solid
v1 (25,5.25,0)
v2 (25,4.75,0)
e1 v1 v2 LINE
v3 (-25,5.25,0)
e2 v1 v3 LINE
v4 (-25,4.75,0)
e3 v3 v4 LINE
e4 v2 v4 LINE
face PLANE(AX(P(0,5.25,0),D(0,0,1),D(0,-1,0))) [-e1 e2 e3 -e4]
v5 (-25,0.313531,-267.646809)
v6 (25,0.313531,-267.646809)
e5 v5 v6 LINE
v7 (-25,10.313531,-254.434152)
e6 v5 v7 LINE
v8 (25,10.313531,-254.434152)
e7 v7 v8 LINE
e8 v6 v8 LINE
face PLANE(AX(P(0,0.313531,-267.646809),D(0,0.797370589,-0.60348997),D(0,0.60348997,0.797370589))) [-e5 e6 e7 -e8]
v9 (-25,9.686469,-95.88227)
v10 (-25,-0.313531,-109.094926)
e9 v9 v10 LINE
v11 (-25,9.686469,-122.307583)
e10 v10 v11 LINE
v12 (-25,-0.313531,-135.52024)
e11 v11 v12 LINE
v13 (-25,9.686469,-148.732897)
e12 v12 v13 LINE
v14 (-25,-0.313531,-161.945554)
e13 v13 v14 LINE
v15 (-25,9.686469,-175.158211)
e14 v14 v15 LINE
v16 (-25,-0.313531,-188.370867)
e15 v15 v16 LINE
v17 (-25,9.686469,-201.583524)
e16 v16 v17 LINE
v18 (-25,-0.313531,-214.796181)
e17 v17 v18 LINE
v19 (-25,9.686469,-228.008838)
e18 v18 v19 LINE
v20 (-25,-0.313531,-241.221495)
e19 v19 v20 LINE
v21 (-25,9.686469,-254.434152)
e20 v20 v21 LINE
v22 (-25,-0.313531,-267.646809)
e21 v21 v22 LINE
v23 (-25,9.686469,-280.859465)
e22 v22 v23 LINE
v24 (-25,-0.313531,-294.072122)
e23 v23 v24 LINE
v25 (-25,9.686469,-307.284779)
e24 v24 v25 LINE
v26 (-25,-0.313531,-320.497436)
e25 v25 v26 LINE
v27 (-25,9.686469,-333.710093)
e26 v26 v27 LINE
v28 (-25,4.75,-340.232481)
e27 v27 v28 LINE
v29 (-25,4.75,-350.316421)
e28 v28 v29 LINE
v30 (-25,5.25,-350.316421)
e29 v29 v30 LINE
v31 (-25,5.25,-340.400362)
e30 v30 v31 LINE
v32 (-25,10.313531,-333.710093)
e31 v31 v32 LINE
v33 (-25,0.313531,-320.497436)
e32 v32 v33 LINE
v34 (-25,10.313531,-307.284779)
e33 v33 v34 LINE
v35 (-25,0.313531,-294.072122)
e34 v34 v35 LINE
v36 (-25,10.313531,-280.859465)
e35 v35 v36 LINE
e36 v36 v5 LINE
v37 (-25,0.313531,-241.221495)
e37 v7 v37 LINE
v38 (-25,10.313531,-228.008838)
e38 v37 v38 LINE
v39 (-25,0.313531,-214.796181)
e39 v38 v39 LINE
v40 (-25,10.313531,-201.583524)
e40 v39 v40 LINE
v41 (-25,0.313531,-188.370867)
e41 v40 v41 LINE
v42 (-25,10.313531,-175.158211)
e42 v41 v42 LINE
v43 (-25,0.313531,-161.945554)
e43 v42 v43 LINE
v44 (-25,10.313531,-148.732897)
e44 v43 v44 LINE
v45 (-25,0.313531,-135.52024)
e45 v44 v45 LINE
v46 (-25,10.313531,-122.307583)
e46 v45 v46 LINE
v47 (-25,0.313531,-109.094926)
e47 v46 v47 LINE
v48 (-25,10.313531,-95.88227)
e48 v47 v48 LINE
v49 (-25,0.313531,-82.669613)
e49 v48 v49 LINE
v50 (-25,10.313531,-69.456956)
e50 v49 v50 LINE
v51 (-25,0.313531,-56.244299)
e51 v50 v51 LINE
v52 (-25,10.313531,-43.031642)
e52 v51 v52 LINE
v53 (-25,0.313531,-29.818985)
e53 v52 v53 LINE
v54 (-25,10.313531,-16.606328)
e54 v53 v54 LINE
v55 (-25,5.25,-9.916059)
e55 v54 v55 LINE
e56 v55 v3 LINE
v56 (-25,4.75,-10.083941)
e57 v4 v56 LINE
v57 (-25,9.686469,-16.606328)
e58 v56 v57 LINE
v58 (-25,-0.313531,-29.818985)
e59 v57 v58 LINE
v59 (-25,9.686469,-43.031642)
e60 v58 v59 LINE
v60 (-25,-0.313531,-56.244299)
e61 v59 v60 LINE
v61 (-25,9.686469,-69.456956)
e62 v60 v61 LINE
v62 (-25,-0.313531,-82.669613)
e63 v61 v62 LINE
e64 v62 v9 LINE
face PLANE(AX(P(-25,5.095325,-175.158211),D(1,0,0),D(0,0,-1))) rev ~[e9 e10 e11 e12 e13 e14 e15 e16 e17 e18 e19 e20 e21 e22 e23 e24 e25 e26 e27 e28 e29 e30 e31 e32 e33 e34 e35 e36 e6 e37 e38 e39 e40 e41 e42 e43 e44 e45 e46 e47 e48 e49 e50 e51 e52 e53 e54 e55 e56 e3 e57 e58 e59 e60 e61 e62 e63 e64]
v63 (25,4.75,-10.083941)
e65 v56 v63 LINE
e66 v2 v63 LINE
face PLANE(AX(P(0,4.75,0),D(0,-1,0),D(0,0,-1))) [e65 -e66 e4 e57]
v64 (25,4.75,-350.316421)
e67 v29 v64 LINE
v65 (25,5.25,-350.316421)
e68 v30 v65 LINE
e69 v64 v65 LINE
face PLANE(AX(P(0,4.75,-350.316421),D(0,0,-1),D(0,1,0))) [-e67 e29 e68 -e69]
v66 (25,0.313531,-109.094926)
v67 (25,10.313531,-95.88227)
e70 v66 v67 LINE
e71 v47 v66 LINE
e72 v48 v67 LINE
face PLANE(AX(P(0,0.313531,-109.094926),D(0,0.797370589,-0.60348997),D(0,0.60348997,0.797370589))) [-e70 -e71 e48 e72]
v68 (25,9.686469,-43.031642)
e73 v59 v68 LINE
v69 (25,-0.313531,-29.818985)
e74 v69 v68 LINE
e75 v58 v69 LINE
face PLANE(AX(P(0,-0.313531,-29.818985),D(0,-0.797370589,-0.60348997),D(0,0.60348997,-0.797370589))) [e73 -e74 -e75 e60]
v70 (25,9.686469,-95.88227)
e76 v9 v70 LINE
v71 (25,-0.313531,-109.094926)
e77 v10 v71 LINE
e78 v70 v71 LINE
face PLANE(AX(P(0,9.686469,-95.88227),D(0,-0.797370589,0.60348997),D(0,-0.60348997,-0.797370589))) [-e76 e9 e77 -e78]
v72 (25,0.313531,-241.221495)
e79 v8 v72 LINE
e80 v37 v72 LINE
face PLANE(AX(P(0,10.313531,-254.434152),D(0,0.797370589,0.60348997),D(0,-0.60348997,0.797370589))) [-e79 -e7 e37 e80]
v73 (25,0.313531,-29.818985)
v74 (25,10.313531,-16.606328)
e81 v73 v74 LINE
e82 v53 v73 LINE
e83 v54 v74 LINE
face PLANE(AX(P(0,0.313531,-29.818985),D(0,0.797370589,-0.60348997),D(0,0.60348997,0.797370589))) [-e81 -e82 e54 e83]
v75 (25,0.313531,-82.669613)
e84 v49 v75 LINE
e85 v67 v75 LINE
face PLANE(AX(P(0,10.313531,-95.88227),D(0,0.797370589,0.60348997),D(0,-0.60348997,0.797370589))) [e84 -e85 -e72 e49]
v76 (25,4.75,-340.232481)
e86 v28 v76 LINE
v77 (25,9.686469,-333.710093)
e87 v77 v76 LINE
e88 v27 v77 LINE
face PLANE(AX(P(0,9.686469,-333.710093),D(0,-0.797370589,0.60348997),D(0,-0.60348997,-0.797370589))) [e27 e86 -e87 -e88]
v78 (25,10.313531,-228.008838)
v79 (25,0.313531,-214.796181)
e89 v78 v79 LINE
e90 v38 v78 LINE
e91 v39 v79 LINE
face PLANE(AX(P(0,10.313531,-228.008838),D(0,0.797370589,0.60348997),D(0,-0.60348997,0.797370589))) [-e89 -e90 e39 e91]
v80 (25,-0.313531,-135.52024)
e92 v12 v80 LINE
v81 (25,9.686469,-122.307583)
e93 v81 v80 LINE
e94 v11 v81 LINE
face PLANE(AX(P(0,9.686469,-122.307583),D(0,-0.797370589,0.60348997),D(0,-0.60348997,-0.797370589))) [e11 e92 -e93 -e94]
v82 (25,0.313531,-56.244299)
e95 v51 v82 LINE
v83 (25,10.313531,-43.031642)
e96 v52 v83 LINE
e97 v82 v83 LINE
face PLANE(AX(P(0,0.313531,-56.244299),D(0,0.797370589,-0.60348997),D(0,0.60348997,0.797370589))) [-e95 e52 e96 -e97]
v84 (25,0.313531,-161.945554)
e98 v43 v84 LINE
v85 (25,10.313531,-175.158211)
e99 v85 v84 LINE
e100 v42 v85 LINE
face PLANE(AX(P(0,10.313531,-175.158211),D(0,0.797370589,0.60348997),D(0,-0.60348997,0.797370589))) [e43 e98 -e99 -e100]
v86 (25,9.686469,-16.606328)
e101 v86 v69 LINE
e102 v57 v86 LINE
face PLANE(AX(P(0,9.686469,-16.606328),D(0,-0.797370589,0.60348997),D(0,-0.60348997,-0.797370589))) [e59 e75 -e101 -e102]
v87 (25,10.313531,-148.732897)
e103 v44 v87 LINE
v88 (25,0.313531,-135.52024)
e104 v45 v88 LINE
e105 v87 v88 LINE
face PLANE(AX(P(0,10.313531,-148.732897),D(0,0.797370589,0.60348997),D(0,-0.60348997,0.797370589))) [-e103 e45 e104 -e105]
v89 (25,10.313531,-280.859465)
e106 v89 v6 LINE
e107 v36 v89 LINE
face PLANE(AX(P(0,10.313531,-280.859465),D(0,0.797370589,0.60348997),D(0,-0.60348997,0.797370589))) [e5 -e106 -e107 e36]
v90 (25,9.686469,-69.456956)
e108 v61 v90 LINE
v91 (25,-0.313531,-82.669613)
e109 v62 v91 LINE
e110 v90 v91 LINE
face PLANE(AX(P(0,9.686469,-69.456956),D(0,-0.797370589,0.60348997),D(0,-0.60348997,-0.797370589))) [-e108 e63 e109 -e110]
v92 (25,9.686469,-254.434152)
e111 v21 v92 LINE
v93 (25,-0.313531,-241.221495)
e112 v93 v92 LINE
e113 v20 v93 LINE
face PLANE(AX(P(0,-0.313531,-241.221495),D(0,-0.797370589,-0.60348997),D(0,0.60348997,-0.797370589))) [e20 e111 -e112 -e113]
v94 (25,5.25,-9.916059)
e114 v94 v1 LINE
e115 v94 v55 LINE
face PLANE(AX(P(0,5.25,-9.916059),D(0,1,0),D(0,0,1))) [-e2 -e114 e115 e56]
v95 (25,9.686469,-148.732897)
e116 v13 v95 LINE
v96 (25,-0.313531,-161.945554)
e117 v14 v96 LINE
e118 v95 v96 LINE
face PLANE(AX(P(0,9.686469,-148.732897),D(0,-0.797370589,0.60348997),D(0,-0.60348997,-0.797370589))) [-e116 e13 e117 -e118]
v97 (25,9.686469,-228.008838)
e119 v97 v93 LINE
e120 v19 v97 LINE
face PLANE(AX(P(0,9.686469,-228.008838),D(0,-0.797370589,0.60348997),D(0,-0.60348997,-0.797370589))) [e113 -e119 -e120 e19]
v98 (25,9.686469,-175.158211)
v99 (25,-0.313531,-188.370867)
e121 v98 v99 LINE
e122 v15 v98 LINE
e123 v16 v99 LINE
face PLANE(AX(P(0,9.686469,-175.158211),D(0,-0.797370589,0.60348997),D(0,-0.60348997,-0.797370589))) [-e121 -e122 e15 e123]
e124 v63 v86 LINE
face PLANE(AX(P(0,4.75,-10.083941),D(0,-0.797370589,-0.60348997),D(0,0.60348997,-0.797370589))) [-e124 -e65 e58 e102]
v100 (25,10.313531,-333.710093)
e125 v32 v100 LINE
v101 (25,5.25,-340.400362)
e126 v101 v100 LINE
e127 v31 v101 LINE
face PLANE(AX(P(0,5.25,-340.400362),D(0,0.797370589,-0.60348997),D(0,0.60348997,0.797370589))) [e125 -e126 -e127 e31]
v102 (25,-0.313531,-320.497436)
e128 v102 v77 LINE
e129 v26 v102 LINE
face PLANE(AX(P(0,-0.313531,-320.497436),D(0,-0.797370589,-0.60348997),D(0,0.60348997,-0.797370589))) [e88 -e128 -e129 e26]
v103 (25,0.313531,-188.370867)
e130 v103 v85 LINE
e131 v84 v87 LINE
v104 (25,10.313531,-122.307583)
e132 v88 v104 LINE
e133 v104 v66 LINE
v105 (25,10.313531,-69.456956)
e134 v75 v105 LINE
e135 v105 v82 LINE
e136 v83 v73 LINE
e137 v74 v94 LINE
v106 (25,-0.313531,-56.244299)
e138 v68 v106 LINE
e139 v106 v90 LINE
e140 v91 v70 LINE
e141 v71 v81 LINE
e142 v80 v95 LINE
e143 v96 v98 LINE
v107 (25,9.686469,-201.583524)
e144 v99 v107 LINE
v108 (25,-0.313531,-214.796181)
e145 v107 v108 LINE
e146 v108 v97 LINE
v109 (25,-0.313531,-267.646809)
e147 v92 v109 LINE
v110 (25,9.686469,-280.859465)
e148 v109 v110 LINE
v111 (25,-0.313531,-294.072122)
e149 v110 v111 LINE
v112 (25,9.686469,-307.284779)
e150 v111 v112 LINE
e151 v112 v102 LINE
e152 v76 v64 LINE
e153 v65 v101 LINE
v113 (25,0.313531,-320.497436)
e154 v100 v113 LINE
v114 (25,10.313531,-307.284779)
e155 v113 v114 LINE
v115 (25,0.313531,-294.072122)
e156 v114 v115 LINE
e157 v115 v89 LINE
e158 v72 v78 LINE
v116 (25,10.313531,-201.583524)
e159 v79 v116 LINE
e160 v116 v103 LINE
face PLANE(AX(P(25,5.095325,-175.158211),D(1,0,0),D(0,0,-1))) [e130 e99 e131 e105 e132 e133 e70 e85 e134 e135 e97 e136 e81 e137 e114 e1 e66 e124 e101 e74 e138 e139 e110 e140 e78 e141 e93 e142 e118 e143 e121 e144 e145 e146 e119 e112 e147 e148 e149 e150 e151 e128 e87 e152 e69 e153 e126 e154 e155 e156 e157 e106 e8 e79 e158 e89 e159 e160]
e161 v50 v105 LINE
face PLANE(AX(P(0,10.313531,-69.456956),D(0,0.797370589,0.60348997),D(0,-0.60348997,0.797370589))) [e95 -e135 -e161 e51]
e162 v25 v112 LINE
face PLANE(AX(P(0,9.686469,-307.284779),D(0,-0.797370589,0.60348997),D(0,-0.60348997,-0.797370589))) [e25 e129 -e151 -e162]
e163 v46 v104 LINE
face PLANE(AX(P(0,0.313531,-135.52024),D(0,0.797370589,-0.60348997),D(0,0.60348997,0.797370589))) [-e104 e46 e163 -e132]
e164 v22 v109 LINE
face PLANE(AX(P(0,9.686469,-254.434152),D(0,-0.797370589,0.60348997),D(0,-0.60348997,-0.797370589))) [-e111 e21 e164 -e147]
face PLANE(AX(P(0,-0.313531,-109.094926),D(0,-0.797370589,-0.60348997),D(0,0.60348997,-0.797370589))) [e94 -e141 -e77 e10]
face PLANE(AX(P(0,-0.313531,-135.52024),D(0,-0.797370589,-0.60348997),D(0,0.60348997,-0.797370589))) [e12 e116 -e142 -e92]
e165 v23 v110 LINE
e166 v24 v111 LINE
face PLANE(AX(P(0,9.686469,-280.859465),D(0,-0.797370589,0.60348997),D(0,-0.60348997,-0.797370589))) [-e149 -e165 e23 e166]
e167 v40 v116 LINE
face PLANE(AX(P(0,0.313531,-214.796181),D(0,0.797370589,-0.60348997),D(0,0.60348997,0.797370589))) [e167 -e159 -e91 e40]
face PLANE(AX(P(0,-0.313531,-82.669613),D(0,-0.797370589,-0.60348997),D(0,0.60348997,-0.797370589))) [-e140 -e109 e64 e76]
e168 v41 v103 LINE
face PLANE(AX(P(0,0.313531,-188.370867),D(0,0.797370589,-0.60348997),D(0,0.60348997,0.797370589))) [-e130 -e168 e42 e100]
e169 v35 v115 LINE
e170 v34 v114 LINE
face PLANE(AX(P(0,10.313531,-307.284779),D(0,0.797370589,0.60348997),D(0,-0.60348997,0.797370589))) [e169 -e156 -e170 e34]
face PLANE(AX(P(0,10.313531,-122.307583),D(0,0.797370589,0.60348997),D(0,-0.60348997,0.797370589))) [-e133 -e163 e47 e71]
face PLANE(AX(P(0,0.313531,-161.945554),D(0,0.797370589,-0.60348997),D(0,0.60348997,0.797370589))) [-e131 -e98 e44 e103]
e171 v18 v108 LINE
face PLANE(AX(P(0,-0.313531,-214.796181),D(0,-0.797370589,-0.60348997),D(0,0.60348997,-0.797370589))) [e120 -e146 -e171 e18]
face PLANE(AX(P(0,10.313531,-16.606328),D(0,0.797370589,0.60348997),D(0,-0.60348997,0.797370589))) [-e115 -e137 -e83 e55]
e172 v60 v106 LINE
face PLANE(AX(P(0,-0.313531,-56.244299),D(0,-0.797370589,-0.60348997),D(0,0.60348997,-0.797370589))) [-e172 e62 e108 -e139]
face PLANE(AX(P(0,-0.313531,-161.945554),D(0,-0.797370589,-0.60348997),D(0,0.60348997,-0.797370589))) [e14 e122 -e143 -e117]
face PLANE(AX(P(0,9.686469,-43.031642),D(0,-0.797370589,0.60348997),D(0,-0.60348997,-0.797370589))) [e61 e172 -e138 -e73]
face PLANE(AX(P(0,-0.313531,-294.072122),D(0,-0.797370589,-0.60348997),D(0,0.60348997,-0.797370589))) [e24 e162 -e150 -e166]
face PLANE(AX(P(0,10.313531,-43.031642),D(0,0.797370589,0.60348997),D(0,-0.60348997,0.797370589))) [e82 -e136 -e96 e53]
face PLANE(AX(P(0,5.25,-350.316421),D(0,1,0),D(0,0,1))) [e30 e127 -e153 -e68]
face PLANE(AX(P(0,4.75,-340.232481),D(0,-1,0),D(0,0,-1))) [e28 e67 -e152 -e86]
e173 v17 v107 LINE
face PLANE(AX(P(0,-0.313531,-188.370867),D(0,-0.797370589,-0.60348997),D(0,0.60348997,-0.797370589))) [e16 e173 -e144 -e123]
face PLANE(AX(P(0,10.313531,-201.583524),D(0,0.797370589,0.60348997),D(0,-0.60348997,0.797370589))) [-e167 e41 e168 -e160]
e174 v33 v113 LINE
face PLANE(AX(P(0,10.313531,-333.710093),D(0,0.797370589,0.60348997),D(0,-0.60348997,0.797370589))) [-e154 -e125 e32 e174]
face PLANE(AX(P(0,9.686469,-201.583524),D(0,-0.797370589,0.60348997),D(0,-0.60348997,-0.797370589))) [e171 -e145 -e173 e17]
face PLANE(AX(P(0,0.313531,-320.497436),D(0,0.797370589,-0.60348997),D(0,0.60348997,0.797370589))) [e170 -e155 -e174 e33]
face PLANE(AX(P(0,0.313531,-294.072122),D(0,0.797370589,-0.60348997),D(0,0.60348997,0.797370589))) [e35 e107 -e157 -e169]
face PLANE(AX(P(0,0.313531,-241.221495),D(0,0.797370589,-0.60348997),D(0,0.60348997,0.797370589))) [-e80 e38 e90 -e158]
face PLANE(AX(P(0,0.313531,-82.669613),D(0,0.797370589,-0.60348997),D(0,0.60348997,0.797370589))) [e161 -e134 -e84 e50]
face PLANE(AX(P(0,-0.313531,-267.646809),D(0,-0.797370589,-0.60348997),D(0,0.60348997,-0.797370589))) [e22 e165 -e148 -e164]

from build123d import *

# Parameters (mm, degrees)
EXTRUDE_THIN1_DEPTH = 25


with BuildPart() as part:
    # Sketch3 → Extrude-Thin1 (new body, symmetric)
    with BuildSketch(Plane(origin=(0, 0, 0), x_dir=(0, 0, -1), z_dir=(1, 0, 0))):
        Polygon((0, 4.75), (10.083940671, 4.75), (16.606328425, 9.686469499), (29.818985275, -0.313530501), (43.031642125, 9.686469499), (56.244298974, -0.313530501), (69.456955824, 9.686469499), (82.669612674, -0.313530501), (95.882269524, 9.686469499), (109.094926374, -0.313530501), (122.307583223, 9.686469499), (135.520240073, -0.313530501), (148.732896923, 9.686469499), (161.945553773, -0.313530501), (175.158210623, 9.686469499), (188.370867472, -0.313530501), (201.583524322, 9.686469499), (214.796181172, -0.313530501), (228.008838022, 9.686469499), (241.221494872, -0.313530501), (254.434151721, 9.686469499), (267.646808571, -0.313530501), (280.859465421, 9.686469499), (294.072122271, -0.313530501), (307.284779121, 9.686469499), (320.49743597, -0.313530501), (333.71009282, 9.686469499), (340.232480575, 4.75), (350.316421245, 4.75), (350.316421245, 5.25), (340.400361916, 5.25), (333.71009282, 10.313530501), (320.49743597, 0.313530501), (307.284779121, 10.313530501), (294.072122271, 0.313530501), (280.859465421, 10.313530501), (267.646808571, 0.313530501), (254.434151721, 10.313530501), (241.221494872, 0.313530501), (228.008838022, 10.313530501), (214.796181172, 0.313530501), (201.583524322, 10.313530501), (188.370867472, 0.313530501), (175.158210623, 10.313530501), (161.945553773, 0.313530501), (148.732896923, 10.313530501), (135.520240073, 0.313530501), (122.307583223, 10.313530501), (109.094926374, 0.313530501), (95.882269524, 10.313530501), (82.669612674, 0.313530501), (69.456955824, 10.313530501), (56.244298974, 0.313530501), (43.031642125, 10.313530501), (29.818985275, 0.313530501), (16.606328425, 10.313530501), (9.916059329, 5.25), (0, 5.25), align=None)
    extrude(amount=EXTRUDE_THIN1_DEPTH, both=True)


solid = part.part
